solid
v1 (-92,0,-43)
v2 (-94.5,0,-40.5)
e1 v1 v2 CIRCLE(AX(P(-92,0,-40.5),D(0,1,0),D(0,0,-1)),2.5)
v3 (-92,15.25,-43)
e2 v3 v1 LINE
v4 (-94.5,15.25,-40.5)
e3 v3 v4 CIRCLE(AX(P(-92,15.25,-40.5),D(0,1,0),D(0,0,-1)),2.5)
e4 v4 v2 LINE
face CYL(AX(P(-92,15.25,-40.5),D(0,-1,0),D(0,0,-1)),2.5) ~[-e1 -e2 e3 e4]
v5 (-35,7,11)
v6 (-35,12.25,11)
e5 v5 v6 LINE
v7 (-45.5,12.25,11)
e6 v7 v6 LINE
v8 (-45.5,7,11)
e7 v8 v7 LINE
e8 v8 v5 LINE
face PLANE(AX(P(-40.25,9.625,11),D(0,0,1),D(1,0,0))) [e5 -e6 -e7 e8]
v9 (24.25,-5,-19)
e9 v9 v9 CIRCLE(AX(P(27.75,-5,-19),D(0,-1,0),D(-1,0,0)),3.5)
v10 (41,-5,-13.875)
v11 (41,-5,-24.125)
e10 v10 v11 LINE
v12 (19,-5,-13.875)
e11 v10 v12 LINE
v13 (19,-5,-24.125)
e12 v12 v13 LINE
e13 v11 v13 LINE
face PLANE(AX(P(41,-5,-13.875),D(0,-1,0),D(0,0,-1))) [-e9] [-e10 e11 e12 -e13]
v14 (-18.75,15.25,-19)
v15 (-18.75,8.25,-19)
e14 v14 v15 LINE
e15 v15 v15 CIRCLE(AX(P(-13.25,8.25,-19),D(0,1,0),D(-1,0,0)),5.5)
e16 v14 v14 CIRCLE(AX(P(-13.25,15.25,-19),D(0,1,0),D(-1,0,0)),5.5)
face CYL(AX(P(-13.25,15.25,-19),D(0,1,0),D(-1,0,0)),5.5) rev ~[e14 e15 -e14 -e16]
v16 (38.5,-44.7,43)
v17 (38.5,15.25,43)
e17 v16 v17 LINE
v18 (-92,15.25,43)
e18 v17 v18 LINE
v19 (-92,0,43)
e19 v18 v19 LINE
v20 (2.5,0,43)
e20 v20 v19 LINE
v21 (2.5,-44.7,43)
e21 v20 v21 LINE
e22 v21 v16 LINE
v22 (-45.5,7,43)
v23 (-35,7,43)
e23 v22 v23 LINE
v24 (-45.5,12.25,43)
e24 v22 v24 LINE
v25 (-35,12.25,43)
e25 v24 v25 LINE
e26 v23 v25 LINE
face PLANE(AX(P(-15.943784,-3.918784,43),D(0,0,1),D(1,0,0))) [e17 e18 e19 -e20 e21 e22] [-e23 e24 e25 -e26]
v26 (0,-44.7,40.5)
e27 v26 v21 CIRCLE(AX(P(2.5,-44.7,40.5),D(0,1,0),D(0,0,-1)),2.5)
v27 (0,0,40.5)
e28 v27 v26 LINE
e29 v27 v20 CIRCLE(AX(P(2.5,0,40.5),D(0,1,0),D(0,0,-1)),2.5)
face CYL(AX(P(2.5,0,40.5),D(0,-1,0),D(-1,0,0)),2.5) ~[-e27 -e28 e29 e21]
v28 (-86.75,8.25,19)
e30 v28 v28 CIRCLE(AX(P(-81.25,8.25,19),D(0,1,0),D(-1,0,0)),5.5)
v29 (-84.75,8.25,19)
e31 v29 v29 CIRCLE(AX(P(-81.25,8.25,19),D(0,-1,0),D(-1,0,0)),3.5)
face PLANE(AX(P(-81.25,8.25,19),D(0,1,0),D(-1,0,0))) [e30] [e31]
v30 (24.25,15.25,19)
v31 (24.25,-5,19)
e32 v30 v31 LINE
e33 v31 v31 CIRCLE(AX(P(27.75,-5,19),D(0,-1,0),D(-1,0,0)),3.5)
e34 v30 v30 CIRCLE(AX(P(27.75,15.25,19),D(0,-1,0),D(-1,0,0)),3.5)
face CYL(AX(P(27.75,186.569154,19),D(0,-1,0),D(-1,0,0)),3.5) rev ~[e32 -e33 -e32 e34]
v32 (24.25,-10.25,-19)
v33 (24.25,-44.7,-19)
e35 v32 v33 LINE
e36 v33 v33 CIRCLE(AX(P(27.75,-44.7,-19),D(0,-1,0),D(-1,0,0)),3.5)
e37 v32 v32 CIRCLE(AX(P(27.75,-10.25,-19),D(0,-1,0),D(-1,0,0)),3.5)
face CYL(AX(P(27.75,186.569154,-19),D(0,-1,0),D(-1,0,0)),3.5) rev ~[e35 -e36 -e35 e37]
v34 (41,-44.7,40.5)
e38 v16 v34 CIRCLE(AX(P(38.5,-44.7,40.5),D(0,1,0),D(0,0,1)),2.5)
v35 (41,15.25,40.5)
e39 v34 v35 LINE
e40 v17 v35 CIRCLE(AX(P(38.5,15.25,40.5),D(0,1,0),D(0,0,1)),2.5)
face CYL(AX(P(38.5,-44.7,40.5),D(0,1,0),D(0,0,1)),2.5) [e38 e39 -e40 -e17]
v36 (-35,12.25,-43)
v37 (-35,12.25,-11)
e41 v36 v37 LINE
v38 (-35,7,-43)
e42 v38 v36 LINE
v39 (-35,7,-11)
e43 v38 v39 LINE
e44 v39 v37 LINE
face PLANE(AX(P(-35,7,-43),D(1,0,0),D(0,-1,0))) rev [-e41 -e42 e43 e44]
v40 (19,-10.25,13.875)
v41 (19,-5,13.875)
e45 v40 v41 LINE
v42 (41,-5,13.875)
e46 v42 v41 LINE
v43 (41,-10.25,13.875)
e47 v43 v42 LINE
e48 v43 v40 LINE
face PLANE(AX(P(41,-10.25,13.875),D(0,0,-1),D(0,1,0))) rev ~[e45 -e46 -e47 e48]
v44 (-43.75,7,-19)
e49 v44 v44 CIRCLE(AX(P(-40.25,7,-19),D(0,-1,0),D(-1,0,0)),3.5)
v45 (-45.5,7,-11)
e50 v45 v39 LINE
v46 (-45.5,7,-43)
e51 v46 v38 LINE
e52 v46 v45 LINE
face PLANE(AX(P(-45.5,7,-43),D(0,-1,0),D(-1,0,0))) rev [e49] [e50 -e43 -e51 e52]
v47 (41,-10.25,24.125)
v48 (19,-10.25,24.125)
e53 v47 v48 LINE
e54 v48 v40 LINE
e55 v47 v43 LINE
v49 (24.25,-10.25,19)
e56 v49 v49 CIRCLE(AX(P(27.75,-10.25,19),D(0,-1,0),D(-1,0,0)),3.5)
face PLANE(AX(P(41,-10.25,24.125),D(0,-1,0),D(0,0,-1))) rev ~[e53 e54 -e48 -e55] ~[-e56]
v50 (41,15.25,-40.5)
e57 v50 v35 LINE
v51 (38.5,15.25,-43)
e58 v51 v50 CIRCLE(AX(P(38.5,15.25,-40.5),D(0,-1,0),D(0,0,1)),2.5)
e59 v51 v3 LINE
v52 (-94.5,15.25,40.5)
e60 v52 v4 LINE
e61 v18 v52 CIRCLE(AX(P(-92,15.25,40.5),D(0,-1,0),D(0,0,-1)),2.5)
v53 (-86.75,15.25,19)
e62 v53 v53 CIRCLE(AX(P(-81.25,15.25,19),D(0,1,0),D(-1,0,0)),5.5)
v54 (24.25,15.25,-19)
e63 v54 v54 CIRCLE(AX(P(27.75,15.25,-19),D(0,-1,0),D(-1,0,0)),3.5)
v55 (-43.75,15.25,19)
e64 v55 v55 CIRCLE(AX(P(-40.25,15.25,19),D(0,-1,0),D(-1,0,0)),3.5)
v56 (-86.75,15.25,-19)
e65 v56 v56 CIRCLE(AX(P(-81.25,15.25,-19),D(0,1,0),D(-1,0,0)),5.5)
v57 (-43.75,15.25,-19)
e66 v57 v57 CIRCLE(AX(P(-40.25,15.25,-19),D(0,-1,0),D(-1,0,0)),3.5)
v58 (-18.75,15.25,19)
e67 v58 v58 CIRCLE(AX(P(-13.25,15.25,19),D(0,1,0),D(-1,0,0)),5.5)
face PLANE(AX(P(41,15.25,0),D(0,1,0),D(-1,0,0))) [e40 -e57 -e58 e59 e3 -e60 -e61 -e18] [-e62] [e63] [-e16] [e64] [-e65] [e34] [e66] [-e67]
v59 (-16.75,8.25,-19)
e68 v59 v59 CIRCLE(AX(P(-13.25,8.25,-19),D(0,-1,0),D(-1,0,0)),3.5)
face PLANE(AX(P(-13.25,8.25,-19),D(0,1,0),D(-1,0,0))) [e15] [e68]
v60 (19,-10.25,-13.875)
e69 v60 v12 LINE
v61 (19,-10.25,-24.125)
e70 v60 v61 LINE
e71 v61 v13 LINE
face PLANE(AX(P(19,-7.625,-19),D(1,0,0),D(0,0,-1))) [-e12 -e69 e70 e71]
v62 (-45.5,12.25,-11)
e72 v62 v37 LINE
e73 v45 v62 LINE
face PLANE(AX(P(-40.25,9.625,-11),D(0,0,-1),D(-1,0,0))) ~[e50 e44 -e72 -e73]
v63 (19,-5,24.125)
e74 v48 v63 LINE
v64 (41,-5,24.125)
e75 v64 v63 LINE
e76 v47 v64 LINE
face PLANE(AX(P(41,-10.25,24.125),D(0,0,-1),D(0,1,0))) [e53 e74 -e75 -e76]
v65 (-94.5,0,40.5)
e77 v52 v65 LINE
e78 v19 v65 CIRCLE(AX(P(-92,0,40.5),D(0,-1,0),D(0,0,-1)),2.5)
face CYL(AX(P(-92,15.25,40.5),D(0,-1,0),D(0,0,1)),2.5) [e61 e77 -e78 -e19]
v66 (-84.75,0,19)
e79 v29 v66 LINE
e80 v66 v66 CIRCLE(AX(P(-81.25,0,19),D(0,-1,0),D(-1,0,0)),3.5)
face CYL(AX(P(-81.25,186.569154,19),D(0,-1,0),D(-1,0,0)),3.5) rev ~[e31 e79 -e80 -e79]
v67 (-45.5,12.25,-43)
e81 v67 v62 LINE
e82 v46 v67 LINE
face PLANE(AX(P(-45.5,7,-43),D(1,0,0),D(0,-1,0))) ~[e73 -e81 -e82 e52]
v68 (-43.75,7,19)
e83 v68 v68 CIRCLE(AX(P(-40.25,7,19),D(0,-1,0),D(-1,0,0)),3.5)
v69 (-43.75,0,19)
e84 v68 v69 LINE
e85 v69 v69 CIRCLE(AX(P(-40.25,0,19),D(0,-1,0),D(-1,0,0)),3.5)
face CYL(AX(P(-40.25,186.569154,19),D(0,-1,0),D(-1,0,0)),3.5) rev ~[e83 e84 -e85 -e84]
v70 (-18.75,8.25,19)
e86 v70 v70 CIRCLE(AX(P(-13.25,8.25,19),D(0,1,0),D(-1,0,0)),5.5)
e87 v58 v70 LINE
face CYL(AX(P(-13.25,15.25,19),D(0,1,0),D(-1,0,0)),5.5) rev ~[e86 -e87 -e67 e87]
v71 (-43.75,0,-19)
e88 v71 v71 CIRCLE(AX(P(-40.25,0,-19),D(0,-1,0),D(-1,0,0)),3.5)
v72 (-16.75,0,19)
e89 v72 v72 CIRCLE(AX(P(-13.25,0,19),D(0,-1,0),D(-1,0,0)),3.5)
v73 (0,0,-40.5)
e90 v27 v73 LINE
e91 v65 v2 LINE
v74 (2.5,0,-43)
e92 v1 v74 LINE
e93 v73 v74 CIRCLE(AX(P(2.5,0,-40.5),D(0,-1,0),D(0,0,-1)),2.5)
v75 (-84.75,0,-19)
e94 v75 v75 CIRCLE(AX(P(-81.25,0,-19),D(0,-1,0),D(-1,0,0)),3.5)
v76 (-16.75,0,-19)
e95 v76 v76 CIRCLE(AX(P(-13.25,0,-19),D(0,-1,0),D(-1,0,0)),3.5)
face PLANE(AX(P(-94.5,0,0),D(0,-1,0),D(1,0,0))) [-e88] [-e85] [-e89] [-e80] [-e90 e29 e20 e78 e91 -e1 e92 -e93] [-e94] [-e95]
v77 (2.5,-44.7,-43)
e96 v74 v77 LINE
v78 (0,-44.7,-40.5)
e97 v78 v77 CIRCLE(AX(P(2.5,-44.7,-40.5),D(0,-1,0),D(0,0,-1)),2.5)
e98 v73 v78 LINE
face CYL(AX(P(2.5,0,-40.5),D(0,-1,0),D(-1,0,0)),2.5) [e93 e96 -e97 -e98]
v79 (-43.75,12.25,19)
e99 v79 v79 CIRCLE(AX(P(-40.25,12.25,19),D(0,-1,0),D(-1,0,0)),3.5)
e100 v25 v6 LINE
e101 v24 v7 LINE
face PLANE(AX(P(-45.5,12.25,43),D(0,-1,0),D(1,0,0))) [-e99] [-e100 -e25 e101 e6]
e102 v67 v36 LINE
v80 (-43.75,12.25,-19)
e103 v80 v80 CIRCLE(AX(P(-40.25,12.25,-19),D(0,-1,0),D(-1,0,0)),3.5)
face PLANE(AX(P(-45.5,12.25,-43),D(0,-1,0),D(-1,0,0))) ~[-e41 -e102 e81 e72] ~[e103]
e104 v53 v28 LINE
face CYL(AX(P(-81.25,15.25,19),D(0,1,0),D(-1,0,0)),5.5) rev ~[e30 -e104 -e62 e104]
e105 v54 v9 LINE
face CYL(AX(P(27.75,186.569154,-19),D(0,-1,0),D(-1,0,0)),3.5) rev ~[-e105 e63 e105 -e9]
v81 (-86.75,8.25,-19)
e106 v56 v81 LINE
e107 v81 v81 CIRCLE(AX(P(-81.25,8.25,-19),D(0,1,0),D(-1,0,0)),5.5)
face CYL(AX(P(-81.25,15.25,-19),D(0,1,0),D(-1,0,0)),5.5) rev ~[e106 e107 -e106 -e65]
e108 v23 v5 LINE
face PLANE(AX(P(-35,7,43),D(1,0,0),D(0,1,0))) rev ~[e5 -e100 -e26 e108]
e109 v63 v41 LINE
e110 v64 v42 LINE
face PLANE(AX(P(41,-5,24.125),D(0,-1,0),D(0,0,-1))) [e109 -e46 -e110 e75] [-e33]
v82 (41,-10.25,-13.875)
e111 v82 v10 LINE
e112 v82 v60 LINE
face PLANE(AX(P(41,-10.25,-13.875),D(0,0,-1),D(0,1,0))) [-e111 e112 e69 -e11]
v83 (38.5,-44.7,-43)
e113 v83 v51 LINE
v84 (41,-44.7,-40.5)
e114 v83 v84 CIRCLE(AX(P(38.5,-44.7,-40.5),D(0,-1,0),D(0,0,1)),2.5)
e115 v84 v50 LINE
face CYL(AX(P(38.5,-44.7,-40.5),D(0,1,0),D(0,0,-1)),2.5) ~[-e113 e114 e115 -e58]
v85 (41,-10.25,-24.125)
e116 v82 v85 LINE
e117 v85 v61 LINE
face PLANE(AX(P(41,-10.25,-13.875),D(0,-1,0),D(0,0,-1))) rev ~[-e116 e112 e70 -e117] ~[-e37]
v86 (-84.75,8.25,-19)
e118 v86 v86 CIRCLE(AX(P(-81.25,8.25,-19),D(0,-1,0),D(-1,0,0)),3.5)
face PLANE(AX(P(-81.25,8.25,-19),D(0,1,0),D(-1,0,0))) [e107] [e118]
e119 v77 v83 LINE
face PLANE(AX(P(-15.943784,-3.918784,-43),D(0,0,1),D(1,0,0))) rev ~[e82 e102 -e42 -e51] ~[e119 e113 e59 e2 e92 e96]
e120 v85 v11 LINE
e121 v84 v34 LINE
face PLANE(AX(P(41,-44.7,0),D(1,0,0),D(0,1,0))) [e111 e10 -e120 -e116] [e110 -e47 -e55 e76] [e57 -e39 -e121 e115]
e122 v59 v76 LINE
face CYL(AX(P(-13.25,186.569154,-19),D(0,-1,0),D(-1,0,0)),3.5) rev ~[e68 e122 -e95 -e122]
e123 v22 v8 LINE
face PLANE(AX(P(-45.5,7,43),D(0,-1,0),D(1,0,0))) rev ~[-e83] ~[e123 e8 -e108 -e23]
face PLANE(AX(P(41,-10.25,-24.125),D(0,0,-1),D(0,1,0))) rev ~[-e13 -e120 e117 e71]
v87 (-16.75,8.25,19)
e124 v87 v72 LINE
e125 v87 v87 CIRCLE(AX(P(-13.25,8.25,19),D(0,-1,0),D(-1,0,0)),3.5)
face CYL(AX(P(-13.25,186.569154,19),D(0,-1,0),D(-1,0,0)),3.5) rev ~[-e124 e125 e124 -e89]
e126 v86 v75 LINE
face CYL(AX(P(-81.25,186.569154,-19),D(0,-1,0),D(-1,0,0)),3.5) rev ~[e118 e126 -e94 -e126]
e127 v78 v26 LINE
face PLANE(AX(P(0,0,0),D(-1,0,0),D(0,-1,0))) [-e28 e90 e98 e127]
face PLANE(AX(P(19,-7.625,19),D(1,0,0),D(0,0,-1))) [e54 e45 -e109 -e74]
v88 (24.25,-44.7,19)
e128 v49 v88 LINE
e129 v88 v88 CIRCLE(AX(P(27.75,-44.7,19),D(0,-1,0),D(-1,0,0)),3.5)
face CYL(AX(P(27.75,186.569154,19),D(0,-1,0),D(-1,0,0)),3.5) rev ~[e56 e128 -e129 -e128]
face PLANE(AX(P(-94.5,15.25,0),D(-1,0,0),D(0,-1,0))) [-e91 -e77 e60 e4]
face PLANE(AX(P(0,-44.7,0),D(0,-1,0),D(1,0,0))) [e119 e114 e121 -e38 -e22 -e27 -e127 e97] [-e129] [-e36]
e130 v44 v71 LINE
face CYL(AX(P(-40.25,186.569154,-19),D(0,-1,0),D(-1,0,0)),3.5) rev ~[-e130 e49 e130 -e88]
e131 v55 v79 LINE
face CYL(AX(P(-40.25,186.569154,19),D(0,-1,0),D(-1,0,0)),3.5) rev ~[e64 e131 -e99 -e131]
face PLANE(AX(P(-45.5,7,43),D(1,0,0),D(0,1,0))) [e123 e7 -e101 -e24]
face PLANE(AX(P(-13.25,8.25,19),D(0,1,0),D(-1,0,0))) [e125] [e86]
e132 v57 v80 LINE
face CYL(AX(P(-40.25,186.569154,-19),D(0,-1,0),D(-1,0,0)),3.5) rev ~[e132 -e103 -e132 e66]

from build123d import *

# Parameters (mm, degrees)
BOSS_EXTRUDE1_DEPTH  = 43
M6_CLEARANCE_HOLE1_D = 7
SKETCH4_R            = 5.5
CUT_EXTRUDE1_DEPTH   = 7
SKETCH5_W            = 10.25
SKETCH5_H            = 5.25
CUT_EXTRUDE2_DEPTH   = 22
SKETCH6_W            = 10.5
SKETCH6_H            = 5.25
CUT_EXTRUDE3_DEPTH   = 32
FILLET1_R            = 2.5


with BuildPart() as part:
    # Sketch1 → Boss-Extrude1 (new, symmetric)
    with BuildSketch(Plane.XY):
        Polygon((0, 0), (0, -44.7), (41, -44.7), (41, 15.25), (-94.5, 15.25), (-94.5, 0), align=None)
    extrude(amount=BOSS_EXTRUDE1_DEPTH, both=True)

    # M6 Clearance Hole1 (through all)
    with Locations(Plane(origin=(0, 15.25, 0), x_dir=(1, 0, 0), z_dir=(0, 1, 0))):
        with Locations((-81.25, 19), (-81.25, -19), (-13.25, -19), (-13.25, 19), (27.75, 19), (27.75, -19), (-40.25, 19), (-40.25, -19)):
            Hole(M6_CLEARANCE_HOLE1_D / 2)

    # Sketch4 → Cut-Extrude1 (cut)
    with BuildSketch(Plane(origin=(0, 15.25, 0), x_dir=(1, 0, 0), z_dir=(0, 1, 0))):
        with Locations(Location((-81.25, 19, 0), (0, 0, 180))):
            Circle(SKETCH4_R)
        with Locations(Location((-81.25, -19, 0), (0, 0, 180))):
            Circle(SKETCH4_R)
        with Locations(Location((-13.25, 19, 0), (0, 0, 180))):
            Circle(SKETCH4_R)
        with Locations(Location((-13.25, -19, 0), (0, 0, 180))):
            Circle(SKETCH4_R)
    extrude(amount=-CUT_EXTRUDE1_DEPTH, mode=Mode.SUBTRACT)

    # Sketch5 → Cut-Extrude2 (cut)
    with BuildSketch(Plane(origin=(41, 0, 0), x_dir=(0, 0, -1), z_dir=(1, 0, 0))):
        with Locations((-19, -7.625)):
            Rectangle(SKETCH5_W, SKETCH5_H)
        with Locations((19, -7.625)):
            Rectangle(SKETCH5_W, SKETCH5_H)
    extrude(amount=-CUT_EXTRUDE2_DEPTH, mode=Mode.SUBTRACT)

    # Sketch6 → Cut-Extrude3 (cut)
    with BuildSketch(Plane.XY.offset(43)):
        with Locations((-40.25, 9.625)):
            Rectangle(SKETCH6_W, SKETCH6_H)
    cut_extrude3 = extrude(amount=-CUT_EXTRUDE3_DEPTH, mode=Mode.SUBTRACT)

    # Mirror1: Cut-Extrude3 across plane
    add(cut_extrude3.mirror(Plane.XY), mode=Mode.SUBTRACT)

    # Fillet1
    fillet1_edges = [part.edges().sort_by_distance(p)[0] for p in [
        (41, -14.725, 43),
        (-94.5, 7.625, 43),
        (-94.5, 7.625, -43),
        (41, -14.725, -43),
        (0, -22.35, -43),
        (0, -22.35, 43),
    ]]
    fillet(fillet1_edges, radius=FILLET1_R)


solid = part.part
